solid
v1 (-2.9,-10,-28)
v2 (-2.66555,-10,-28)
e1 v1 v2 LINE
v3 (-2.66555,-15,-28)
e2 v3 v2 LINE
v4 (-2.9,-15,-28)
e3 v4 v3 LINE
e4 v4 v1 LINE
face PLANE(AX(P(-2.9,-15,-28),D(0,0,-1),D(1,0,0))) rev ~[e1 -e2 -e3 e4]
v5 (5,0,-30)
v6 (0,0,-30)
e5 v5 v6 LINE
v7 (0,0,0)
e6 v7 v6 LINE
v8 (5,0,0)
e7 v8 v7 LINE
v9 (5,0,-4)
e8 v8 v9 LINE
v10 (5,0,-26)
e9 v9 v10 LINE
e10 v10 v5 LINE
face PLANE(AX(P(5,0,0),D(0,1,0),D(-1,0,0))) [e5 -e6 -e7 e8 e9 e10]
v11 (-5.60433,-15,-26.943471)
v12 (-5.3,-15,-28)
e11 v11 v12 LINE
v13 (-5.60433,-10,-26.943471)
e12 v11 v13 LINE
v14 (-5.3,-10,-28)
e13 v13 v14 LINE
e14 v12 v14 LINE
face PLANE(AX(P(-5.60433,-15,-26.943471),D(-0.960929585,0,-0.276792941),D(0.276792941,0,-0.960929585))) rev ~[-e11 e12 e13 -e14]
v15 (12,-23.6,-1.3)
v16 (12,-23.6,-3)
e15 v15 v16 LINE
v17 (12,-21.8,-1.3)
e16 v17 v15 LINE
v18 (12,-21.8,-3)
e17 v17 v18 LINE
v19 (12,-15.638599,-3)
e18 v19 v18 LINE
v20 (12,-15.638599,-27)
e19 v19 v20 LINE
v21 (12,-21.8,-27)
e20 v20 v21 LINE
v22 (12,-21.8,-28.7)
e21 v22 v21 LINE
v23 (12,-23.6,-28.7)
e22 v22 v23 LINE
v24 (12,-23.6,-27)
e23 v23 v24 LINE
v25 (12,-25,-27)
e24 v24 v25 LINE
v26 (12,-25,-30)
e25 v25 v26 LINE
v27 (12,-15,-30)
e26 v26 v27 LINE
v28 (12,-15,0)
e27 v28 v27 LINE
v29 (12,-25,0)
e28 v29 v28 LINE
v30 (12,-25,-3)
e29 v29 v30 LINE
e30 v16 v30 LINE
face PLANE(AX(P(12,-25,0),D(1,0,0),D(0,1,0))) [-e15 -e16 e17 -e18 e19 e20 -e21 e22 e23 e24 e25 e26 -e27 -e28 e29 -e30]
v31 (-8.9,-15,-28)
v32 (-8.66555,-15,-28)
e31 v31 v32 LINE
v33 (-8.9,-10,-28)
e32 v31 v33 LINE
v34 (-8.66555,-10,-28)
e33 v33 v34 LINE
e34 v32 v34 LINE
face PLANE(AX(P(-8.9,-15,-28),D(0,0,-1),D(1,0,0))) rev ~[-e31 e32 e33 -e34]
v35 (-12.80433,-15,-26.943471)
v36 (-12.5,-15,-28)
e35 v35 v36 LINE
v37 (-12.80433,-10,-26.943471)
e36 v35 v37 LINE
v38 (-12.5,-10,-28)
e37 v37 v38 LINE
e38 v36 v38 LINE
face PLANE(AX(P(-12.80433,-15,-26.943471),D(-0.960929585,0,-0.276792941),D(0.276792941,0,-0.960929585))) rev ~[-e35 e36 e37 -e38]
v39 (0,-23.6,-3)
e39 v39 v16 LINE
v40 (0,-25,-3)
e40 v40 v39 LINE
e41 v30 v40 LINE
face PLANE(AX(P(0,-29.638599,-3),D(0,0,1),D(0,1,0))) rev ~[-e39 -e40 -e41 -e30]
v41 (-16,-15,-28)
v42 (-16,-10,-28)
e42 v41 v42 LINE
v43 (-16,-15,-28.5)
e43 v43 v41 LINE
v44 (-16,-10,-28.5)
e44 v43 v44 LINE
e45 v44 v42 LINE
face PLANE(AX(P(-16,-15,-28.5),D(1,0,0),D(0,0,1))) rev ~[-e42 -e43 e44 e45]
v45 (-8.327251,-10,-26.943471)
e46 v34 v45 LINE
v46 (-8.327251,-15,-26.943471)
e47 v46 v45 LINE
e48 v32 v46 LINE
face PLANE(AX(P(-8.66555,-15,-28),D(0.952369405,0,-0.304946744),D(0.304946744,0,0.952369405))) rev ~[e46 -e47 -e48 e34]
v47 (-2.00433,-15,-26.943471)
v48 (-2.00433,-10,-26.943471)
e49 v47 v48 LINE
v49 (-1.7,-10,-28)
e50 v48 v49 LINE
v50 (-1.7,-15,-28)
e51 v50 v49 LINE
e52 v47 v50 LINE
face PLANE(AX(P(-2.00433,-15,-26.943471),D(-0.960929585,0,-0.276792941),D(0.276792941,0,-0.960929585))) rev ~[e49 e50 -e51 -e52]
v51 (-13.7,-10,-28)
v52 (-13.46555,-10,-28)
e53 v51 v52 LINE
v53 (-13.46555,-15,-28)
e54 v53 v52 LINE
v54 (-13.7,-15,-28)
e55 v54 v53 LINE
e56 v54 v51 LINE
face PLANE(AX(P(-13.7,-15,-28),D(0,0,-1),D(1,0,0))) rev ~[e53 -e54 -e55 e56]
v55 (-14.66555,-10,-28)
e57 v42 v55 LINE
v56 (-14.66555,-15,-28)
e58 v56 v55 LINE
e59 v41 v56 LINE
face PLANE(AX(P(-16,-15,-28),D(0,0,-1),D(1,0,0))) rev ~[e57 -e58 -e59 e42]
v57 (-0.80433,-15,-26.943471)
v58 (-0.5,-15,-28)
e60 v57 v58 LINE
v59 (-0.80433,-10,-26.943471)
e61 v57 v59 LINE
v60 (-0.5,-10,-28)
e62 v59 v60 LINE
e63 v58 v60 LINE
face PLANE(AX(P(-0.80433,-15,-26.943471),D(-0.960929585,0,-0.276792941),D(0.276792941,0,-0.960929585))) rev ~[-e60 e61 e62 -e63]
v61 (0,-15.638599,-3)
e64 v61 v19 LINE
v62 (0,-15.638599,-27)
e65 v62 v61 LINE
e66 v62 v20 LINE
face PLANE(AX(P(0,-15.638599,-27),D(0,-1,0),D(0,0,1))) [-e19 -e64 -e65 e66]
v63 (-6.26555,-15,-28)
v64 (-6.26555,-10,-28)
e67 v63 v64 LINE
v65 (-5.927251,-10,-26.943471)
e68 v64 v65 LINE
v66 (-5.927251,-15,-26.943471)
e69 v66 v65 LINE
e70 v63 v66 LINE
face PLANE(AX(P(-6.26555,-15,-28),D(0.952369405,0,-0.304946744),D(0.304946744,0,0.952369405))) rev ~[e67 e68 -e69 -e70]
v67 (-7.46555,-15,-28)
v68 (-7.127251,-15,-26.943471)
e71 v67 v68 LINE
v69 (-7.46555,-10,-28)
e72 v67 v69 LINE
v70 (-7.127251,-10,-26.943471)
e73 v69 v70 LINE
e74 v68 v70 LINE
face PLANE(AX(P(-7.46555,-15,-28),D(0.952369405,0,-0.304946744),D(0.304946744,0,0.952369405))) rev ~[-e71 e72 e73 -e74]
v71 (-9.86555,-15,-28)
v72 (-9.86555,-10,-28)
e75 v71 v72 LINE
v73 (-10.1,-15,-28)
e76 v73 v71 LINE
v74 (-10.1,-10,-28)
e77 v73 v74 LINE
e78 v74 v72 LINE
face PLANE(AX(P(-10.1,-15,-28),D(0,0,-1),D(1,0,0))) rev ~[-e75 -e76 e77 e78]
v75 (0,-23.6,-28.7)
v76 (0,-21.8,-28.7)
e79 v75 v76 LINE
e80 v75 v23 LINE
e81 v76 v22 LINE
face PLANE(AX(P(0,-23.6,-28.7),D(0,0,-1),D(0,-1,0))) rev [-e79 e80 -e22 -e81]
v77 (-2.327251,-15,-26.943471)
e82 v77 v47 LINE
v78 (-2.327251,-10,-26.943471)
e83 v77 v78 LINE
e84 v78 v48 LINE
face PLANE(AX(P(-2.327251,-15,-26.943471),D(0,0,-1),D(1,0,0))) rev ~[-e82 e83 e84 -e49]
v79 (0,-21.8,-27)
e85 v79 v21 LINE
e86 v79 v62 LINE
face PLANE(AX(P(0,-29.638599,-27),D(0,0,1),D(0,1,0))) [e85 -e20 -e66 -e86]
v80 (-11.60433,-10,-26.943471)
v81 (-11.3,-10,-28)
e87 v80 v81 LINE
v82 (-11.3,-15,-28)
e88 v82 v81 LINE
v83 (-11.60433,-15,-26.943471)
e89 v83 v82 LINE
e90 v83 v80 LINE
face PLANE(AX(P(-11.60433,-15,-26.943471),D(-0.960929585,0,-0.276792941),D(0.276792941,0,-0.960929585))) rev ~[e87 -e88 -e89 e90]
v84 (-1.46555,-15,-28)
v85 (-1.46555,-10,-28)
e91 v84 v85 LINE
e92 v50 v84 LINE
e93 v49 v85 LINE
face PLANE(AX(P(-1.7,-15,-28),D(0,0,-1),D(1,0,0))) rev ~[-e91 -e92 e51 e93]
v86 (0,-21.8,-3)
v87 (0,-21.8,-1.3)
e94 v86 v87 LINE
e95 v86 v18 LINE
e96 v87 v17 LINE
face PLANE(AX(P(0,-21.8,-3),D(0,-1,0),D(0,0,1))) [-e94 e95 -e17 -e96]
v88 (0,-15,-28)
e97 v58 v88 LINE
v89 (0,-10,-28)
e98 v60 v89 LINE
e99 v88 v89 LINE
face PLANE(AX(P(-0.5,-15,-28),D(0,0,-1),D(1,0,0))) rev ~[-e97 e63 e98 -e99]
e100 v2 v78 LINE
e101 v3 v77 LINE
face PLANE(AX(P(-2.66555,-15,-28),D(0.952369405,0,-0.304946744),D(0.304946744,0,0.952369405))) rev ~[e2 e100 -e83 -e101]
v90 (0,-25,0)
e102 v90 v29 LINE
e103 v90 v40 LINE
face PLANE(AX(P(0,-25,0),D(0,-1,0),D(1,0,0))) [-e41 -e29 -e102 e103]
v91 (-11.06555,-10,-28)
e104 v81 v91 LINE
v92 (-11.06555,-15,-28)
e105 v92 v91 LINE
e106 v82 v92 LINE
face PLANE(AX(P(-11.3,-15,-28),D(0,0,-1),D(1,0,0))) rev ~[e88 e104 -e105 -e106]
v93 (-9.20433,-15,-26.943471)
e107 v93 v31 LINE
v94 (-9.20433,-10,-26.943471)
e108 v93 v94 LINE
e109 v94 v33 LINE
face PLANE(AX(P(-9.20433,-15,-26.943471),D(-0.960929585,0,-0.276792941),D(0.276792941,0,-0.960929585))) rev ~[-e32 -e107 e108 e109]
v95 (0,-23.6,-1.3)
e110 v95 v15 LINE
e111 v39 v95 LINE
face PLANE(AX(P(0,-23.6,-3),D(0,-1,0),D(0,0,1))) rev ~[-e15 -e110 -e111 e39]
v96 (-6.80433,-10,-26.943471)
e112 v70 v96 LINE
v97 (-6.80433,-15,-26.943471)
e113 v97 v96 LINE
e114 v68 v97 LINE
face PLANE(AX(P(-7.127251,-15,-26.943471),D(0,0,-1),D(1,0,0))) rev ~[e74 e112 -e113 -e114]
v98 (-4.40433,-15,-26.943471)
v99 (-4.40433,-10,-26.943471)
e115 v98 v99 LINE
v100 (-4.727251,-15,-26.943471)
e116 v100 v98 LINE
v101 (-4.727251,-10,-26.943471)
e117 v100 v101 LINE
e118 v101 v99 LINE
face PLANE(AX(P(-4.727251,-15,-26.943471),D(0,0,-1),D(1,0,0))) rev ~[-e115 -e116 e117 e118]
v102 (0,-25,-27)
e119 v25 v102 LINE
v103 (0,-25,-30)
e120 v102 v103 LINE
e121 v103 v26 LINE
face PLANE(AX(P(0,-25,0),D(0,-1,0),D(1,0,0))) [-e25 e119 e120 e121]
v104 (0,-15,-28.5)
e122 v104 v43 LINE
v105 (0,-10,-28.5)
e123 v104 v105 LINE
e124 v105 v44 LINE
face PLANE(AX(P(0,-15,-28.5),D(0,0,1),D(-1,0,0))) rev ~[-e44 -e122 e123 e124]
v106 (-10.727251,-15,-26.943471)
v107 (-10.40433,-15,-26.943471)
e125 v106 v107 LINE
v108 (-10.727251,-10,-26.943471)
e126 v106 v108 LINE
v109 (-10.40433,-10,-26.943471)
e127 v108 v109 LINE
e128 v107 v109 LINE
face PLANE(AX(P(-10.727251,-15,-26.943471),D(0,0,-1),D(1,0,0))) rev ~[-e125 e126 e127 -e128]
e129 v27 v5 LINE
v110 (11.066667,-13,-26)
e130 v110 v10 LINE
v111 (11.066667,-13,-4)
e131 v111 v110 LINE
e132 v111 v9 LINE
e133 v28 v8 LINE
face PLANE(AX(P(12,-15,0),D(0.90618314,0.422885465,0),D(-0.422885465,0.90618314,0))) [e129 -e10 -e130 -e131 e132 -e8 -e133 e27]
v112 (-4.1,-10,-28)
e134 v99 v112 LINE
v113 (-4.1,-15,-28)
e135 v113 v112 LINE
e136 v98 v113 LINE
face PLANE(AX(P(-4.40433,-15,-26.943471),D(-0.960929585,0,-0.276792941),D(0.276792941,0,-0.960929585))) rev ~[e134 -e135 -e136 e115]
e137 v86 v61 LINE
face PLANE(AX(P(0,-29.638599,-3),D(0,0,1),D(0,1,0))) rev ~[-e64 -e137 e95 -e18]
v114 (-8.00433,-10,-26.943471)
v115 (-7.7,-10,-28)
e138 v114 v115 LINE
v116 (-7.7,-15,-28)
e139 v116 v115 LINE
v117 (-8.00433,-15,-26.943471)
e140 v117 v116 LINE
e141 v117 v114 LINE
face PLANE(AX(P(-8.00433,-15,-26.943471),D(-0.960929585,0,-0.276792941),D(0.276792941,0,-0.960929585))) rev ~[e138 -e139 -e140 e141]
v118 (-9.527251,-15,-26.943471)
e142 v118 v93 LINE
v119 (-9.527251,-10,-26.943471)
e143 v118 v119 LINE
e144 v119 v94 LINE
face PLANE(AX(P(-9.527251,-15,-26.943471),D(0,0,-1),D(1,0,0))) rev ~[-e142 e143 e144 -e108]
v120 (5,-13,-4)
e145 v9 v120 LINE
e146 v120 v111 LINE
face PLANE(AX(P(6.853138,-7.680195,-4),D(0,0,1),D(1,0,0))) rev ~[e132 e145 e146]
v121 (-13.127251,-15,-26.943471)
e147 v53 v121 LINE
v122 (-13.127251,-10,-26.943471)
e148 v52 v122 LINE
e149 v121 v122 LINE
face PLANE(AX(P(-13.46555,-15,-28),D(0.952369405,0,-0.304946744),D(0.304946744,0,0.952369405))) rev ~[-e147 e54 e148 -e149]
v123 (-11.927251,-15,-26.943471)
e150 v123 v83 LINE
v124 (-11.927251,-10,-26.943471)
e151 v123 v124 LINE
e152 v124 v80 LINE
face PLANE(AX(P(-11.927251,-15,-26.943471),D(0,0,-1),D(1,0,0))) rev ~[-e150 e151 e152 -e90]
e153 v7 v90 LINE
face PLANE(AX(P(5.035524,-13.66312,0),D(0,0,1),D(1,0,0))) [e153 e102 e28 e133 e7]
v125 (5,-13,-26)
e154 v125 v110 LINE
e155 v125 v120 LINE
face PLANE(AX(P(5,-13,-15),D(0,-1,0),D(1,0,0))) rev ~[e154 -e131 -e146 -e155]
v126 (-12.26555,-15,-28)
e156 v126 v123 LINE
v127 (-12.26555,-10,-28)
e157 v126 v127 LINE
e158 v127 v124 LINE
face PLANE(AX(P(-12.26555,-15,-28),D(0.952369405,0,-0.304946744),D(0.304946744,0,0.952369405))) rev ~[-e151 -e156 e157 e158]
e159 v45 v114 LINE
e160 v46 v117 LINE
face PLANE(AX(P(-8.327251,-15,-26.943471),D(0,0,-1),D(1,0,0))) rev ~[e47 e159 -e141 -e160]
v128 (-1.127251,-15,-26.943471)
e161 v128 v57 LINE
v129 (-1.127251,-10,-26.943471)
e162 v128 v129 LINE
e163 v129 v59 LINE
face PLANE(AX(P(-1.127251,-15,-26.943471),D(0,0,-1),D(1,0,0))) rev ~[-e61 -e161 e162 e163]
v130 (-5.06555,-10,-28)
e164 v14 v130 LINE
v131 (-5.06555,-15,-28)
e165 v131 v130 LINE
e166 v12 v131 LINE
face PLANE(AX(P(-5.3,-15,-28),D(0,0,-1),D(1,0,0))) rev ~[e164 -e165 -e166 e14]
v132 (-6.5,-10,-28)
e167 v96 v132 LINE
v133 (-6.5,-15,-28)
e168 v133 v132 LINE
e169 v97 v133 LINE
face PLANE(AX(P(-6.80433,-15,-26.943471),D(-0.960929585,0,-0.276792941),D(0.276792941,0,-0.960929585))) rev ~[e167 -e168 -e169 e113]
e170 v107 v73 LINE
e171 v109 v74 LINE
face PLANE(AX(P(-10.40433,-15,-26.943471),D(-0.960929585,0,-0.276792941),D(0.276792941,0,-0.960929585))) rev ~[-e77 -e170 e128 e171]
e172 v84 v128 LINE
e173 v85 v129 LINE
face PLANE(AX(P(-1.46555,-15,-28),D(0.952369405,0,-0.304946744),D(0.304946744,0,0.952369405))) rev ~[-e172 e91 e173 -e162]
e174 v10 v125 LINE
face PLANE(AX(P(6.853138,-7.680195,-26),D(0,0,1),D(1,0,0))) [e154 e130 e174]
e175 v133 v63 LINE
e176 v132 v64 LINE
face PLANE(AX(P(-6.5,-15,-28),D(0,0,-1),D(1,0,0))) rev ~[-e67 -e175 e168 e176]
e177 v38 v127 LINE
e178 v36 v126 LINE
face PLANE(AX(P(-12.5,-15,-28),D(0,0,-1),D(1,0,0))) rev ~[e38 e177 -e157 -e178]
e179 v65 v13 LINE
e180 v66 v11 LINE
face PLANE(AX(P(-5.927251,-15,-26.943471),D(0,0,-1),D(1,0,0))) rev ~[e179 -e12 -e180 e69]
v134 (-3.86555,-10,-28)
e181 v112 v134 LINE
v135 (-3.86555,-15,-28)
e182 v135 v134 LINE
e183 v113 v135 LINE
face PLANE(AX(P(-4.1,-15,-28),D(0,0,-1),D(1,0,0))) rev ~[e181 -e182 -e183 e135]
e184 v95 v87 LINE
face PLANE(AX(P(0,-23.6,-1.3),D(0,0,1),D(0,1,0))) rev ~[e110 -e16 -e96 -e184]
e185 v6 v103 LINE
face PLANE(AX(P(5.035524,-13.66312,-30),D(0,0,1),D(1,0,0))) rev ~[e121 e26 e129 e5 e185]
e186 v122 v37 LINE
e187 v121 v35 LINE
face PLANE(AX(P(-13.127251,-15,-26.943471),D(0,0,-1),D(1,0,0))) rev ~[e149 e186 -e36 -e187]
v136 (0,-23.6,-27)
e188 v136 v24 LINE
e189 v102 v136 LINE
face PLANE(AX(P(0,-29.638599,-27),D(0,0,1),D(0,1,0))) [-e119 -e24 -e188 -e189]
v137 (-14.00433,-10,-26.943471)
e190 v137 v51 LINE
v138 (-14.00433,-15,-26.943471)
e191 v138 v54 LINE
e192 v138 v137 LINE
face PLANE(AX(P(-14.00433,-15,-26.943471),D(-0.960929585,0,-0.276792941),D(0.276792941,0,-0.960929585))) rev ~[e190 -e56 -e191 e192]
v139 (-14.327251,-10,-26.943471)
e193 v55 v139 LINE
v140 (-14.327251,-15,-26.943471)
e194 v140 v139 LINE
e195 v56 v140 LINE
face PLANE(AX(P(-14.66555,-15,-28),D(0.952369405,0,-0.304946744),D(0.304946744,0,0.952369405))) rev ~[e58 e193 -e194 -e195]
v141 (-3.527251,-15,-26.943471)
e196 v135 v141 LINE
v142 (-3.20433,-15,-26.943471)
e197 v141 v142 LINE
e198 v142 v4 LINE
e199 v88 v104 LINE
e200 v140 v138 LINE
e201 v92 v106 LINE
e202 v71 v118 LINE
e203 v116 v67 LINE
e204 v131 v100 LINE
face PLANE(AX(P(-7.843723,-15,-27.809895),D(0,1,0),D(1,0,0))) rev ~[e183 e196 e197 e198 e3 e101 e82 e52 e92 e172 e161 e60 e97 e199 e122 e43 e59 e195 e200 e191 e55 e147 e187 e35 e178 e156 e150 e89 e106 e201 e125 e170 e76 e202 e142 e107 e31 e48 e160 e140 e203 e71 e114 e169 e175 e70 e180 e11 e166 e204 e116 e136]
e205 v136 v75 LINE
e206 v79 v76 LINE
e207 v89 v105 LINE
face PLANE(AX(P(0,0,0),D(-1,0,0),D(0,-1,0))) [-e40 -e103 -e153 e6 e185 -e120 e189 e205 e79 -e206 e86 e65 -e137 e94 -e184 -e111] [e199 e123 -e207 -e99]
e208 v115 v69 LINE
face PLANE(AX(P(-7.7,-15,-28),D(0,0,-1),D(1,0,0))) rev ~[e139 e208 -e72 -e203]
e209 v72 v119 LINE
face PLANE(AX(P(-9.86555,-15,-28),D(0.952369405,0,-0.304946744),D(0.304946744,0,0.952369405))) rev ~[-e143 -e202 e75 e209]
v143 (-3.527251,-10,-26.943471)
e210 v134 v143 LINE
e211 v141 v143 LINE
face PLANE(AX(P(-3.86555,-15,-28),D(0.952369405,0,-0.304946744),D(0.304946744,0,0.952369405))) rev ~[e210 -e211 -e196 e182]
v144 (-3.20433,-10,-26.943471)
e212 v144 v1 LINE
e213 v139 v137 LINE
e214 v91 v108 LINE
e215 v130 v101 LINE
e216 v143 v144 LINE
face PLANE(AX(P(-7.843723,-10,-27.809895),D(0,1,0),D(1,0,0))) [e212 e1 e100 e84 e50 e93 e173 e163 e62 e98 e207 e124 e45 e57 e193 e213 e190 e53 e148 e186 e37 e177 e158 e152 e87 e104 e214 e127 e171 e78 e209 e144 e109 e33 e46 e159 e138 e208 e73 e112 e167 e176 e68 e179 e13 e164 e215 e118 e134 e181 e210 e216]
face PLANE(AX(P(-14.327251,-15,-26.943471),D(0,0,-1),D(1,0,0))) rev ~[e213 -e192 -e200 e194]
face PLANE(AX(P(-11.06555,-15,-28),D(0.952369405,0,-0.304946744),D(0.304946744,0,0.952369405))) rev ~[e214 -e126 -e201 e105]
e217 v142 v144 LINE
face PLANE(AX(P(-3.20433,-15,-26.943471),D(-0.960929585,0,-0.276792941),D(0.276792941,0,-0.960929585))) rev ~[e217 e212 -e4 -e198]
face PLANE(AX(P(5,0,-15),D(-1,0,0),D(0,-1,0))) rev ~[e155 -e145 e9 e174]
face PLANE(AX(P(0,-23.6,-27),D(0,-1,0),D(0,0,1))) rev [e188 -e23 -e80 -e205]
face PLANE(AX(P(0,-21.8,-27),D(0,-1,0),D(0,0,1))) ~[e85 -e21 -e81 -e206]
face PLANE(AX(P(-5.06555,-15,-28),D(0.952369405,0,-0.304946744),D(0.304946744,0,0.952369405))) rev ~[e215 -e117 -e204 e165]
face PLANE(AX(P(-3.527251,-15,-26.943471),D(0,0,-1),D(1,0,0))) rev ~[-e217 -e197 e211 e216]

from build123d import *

# Parameters (mm, degrees)
BOSS_EXTRUDE1_DEPTH = 30
SKETCH4_W           = 24
SKETCH4_H           = 14
CUT_EXTRUDE2_DEPTH  = 25
SKETCH5_W           = 1.7
SKETCH5_H           = 1.8
CUT_EXTRUDE3_DEPTH  = 15
CUT_EXTRUDE4_DEPTH  = 11
BOSS_EXTRUDE2_DEPTH = 5


with BuildPart() as part:
    # Sketch1 → Boss-Extrude1 (new body)
    with BuildSketch(Plane.XY):
        Polygon((0, 0), (0, -25), (12, -25), (12, -15), (5, 0), align=None)
    extrude(amount=-BOSS_EXTRUDE1_DEPTH)

    # Sketch4 → Cut-Extrude2 (cut)
    with BuildSketch(Plane.ZY):
        with Locations((-15, -22.638599401)):
            Rectangle(SKETCH4_W, SKETCH4_H)
    extrude(amount=-CUT_EXTRUDE2_DEPTH, mode=Mode.SUBTRACT)

    # Sketch5 → Cut-Extrude3 (cut)
    with BuildSketch(Plane.ZY):
        with Locations((-2.15, -22.7)):
            Rectangle(SKETCH5_W, SKETCH5_H)
    cut_extrude3 = extrude(amount=-CUT_EXTRUDE3_DEPTH, mode=Mode.SUBTRACT)

    # Mirror1: Cut-Extrude3 across plane
    add(cut_extrude3.mirror(Plane.XY.offset(-15)), mode=Mode.SUBTRACT)

    # Sketch6 → Cut-Extrude4 (cut, symmetric)
    with BuildSketch(Plane.XY.offset(-15)):
        Polygon((5, 0), (5, -13), (11.066666667, -13), align=None)
    extrude(amount=CUT_EXTRUDE4_DEPTH, both=True, mode=Mode.SUBTRACT)

    # Sketch7 → Boss-Extrude2 (add)
    with BuildSketch(Plane(origin=(0, -15, 0), x_dir=(1, 0, 0), z_dir=(0, 1, 0))):
        Polygon((0, 28.5), (-16, 28.5), (-16, 28), (-14.9, 28), (-14.665549599, 28), (-14.327251213, 26.943471152), (-14.004330027, 26.943471152), (-13.7, 28), (-13.465549599, 28), (-13.127251213, 26.943471152), (-12.804330027, 26.943471152), (-12.5, 28), (-12.265549599, 28), (-11.927251213, 26.943471152), (-11.604330027, 26.943471152), (-11.3, 28), (-11.065549599, 28), (-10.727251213, 26.943471152), (-10.404330027, 26.943471152), (-10.1, 28), (-9.865549599, 28), (-9.527251213, 26.943471152), (-9.204330027, 26.943471152), (-8.9, 28), (-8.665549599, 28), (-8.327251213, 26.943471152), (-8.004330027, 26.943471152), (-7.7, 28), (-7.465549599, 28), (-7.127251213, 26.943471152), (-6.804330027, 26.943471152), (-6.5, 28), (-6.265549599, 28), (-5.927251213, 26.943471152), (-5.604330027, 26.943471152), (-5.3, 28), (-5.065549599, 28), (-4.727251213, 26.943471152), (-4.404330027, 26.943471152), (-4.1, 28), (-3.865549599, 28), (-3.527251213, 26.943471152), (-3.204330027, 26.943471152), (-2.9, 28), (-2.665549599, 28), (-2.327251213, 26.943471152), (-2.004330027, 26.943471152), (-1.7, 28), (-1.465549599, 28), (-1.127251213, 26.943471152), (-0.804330027, 26.943471152), (-0.5, 28), (0, 28), align=None)
    extrude(amount=BOSS_EXTRUDE2_DEPTH)


solid = part.part
